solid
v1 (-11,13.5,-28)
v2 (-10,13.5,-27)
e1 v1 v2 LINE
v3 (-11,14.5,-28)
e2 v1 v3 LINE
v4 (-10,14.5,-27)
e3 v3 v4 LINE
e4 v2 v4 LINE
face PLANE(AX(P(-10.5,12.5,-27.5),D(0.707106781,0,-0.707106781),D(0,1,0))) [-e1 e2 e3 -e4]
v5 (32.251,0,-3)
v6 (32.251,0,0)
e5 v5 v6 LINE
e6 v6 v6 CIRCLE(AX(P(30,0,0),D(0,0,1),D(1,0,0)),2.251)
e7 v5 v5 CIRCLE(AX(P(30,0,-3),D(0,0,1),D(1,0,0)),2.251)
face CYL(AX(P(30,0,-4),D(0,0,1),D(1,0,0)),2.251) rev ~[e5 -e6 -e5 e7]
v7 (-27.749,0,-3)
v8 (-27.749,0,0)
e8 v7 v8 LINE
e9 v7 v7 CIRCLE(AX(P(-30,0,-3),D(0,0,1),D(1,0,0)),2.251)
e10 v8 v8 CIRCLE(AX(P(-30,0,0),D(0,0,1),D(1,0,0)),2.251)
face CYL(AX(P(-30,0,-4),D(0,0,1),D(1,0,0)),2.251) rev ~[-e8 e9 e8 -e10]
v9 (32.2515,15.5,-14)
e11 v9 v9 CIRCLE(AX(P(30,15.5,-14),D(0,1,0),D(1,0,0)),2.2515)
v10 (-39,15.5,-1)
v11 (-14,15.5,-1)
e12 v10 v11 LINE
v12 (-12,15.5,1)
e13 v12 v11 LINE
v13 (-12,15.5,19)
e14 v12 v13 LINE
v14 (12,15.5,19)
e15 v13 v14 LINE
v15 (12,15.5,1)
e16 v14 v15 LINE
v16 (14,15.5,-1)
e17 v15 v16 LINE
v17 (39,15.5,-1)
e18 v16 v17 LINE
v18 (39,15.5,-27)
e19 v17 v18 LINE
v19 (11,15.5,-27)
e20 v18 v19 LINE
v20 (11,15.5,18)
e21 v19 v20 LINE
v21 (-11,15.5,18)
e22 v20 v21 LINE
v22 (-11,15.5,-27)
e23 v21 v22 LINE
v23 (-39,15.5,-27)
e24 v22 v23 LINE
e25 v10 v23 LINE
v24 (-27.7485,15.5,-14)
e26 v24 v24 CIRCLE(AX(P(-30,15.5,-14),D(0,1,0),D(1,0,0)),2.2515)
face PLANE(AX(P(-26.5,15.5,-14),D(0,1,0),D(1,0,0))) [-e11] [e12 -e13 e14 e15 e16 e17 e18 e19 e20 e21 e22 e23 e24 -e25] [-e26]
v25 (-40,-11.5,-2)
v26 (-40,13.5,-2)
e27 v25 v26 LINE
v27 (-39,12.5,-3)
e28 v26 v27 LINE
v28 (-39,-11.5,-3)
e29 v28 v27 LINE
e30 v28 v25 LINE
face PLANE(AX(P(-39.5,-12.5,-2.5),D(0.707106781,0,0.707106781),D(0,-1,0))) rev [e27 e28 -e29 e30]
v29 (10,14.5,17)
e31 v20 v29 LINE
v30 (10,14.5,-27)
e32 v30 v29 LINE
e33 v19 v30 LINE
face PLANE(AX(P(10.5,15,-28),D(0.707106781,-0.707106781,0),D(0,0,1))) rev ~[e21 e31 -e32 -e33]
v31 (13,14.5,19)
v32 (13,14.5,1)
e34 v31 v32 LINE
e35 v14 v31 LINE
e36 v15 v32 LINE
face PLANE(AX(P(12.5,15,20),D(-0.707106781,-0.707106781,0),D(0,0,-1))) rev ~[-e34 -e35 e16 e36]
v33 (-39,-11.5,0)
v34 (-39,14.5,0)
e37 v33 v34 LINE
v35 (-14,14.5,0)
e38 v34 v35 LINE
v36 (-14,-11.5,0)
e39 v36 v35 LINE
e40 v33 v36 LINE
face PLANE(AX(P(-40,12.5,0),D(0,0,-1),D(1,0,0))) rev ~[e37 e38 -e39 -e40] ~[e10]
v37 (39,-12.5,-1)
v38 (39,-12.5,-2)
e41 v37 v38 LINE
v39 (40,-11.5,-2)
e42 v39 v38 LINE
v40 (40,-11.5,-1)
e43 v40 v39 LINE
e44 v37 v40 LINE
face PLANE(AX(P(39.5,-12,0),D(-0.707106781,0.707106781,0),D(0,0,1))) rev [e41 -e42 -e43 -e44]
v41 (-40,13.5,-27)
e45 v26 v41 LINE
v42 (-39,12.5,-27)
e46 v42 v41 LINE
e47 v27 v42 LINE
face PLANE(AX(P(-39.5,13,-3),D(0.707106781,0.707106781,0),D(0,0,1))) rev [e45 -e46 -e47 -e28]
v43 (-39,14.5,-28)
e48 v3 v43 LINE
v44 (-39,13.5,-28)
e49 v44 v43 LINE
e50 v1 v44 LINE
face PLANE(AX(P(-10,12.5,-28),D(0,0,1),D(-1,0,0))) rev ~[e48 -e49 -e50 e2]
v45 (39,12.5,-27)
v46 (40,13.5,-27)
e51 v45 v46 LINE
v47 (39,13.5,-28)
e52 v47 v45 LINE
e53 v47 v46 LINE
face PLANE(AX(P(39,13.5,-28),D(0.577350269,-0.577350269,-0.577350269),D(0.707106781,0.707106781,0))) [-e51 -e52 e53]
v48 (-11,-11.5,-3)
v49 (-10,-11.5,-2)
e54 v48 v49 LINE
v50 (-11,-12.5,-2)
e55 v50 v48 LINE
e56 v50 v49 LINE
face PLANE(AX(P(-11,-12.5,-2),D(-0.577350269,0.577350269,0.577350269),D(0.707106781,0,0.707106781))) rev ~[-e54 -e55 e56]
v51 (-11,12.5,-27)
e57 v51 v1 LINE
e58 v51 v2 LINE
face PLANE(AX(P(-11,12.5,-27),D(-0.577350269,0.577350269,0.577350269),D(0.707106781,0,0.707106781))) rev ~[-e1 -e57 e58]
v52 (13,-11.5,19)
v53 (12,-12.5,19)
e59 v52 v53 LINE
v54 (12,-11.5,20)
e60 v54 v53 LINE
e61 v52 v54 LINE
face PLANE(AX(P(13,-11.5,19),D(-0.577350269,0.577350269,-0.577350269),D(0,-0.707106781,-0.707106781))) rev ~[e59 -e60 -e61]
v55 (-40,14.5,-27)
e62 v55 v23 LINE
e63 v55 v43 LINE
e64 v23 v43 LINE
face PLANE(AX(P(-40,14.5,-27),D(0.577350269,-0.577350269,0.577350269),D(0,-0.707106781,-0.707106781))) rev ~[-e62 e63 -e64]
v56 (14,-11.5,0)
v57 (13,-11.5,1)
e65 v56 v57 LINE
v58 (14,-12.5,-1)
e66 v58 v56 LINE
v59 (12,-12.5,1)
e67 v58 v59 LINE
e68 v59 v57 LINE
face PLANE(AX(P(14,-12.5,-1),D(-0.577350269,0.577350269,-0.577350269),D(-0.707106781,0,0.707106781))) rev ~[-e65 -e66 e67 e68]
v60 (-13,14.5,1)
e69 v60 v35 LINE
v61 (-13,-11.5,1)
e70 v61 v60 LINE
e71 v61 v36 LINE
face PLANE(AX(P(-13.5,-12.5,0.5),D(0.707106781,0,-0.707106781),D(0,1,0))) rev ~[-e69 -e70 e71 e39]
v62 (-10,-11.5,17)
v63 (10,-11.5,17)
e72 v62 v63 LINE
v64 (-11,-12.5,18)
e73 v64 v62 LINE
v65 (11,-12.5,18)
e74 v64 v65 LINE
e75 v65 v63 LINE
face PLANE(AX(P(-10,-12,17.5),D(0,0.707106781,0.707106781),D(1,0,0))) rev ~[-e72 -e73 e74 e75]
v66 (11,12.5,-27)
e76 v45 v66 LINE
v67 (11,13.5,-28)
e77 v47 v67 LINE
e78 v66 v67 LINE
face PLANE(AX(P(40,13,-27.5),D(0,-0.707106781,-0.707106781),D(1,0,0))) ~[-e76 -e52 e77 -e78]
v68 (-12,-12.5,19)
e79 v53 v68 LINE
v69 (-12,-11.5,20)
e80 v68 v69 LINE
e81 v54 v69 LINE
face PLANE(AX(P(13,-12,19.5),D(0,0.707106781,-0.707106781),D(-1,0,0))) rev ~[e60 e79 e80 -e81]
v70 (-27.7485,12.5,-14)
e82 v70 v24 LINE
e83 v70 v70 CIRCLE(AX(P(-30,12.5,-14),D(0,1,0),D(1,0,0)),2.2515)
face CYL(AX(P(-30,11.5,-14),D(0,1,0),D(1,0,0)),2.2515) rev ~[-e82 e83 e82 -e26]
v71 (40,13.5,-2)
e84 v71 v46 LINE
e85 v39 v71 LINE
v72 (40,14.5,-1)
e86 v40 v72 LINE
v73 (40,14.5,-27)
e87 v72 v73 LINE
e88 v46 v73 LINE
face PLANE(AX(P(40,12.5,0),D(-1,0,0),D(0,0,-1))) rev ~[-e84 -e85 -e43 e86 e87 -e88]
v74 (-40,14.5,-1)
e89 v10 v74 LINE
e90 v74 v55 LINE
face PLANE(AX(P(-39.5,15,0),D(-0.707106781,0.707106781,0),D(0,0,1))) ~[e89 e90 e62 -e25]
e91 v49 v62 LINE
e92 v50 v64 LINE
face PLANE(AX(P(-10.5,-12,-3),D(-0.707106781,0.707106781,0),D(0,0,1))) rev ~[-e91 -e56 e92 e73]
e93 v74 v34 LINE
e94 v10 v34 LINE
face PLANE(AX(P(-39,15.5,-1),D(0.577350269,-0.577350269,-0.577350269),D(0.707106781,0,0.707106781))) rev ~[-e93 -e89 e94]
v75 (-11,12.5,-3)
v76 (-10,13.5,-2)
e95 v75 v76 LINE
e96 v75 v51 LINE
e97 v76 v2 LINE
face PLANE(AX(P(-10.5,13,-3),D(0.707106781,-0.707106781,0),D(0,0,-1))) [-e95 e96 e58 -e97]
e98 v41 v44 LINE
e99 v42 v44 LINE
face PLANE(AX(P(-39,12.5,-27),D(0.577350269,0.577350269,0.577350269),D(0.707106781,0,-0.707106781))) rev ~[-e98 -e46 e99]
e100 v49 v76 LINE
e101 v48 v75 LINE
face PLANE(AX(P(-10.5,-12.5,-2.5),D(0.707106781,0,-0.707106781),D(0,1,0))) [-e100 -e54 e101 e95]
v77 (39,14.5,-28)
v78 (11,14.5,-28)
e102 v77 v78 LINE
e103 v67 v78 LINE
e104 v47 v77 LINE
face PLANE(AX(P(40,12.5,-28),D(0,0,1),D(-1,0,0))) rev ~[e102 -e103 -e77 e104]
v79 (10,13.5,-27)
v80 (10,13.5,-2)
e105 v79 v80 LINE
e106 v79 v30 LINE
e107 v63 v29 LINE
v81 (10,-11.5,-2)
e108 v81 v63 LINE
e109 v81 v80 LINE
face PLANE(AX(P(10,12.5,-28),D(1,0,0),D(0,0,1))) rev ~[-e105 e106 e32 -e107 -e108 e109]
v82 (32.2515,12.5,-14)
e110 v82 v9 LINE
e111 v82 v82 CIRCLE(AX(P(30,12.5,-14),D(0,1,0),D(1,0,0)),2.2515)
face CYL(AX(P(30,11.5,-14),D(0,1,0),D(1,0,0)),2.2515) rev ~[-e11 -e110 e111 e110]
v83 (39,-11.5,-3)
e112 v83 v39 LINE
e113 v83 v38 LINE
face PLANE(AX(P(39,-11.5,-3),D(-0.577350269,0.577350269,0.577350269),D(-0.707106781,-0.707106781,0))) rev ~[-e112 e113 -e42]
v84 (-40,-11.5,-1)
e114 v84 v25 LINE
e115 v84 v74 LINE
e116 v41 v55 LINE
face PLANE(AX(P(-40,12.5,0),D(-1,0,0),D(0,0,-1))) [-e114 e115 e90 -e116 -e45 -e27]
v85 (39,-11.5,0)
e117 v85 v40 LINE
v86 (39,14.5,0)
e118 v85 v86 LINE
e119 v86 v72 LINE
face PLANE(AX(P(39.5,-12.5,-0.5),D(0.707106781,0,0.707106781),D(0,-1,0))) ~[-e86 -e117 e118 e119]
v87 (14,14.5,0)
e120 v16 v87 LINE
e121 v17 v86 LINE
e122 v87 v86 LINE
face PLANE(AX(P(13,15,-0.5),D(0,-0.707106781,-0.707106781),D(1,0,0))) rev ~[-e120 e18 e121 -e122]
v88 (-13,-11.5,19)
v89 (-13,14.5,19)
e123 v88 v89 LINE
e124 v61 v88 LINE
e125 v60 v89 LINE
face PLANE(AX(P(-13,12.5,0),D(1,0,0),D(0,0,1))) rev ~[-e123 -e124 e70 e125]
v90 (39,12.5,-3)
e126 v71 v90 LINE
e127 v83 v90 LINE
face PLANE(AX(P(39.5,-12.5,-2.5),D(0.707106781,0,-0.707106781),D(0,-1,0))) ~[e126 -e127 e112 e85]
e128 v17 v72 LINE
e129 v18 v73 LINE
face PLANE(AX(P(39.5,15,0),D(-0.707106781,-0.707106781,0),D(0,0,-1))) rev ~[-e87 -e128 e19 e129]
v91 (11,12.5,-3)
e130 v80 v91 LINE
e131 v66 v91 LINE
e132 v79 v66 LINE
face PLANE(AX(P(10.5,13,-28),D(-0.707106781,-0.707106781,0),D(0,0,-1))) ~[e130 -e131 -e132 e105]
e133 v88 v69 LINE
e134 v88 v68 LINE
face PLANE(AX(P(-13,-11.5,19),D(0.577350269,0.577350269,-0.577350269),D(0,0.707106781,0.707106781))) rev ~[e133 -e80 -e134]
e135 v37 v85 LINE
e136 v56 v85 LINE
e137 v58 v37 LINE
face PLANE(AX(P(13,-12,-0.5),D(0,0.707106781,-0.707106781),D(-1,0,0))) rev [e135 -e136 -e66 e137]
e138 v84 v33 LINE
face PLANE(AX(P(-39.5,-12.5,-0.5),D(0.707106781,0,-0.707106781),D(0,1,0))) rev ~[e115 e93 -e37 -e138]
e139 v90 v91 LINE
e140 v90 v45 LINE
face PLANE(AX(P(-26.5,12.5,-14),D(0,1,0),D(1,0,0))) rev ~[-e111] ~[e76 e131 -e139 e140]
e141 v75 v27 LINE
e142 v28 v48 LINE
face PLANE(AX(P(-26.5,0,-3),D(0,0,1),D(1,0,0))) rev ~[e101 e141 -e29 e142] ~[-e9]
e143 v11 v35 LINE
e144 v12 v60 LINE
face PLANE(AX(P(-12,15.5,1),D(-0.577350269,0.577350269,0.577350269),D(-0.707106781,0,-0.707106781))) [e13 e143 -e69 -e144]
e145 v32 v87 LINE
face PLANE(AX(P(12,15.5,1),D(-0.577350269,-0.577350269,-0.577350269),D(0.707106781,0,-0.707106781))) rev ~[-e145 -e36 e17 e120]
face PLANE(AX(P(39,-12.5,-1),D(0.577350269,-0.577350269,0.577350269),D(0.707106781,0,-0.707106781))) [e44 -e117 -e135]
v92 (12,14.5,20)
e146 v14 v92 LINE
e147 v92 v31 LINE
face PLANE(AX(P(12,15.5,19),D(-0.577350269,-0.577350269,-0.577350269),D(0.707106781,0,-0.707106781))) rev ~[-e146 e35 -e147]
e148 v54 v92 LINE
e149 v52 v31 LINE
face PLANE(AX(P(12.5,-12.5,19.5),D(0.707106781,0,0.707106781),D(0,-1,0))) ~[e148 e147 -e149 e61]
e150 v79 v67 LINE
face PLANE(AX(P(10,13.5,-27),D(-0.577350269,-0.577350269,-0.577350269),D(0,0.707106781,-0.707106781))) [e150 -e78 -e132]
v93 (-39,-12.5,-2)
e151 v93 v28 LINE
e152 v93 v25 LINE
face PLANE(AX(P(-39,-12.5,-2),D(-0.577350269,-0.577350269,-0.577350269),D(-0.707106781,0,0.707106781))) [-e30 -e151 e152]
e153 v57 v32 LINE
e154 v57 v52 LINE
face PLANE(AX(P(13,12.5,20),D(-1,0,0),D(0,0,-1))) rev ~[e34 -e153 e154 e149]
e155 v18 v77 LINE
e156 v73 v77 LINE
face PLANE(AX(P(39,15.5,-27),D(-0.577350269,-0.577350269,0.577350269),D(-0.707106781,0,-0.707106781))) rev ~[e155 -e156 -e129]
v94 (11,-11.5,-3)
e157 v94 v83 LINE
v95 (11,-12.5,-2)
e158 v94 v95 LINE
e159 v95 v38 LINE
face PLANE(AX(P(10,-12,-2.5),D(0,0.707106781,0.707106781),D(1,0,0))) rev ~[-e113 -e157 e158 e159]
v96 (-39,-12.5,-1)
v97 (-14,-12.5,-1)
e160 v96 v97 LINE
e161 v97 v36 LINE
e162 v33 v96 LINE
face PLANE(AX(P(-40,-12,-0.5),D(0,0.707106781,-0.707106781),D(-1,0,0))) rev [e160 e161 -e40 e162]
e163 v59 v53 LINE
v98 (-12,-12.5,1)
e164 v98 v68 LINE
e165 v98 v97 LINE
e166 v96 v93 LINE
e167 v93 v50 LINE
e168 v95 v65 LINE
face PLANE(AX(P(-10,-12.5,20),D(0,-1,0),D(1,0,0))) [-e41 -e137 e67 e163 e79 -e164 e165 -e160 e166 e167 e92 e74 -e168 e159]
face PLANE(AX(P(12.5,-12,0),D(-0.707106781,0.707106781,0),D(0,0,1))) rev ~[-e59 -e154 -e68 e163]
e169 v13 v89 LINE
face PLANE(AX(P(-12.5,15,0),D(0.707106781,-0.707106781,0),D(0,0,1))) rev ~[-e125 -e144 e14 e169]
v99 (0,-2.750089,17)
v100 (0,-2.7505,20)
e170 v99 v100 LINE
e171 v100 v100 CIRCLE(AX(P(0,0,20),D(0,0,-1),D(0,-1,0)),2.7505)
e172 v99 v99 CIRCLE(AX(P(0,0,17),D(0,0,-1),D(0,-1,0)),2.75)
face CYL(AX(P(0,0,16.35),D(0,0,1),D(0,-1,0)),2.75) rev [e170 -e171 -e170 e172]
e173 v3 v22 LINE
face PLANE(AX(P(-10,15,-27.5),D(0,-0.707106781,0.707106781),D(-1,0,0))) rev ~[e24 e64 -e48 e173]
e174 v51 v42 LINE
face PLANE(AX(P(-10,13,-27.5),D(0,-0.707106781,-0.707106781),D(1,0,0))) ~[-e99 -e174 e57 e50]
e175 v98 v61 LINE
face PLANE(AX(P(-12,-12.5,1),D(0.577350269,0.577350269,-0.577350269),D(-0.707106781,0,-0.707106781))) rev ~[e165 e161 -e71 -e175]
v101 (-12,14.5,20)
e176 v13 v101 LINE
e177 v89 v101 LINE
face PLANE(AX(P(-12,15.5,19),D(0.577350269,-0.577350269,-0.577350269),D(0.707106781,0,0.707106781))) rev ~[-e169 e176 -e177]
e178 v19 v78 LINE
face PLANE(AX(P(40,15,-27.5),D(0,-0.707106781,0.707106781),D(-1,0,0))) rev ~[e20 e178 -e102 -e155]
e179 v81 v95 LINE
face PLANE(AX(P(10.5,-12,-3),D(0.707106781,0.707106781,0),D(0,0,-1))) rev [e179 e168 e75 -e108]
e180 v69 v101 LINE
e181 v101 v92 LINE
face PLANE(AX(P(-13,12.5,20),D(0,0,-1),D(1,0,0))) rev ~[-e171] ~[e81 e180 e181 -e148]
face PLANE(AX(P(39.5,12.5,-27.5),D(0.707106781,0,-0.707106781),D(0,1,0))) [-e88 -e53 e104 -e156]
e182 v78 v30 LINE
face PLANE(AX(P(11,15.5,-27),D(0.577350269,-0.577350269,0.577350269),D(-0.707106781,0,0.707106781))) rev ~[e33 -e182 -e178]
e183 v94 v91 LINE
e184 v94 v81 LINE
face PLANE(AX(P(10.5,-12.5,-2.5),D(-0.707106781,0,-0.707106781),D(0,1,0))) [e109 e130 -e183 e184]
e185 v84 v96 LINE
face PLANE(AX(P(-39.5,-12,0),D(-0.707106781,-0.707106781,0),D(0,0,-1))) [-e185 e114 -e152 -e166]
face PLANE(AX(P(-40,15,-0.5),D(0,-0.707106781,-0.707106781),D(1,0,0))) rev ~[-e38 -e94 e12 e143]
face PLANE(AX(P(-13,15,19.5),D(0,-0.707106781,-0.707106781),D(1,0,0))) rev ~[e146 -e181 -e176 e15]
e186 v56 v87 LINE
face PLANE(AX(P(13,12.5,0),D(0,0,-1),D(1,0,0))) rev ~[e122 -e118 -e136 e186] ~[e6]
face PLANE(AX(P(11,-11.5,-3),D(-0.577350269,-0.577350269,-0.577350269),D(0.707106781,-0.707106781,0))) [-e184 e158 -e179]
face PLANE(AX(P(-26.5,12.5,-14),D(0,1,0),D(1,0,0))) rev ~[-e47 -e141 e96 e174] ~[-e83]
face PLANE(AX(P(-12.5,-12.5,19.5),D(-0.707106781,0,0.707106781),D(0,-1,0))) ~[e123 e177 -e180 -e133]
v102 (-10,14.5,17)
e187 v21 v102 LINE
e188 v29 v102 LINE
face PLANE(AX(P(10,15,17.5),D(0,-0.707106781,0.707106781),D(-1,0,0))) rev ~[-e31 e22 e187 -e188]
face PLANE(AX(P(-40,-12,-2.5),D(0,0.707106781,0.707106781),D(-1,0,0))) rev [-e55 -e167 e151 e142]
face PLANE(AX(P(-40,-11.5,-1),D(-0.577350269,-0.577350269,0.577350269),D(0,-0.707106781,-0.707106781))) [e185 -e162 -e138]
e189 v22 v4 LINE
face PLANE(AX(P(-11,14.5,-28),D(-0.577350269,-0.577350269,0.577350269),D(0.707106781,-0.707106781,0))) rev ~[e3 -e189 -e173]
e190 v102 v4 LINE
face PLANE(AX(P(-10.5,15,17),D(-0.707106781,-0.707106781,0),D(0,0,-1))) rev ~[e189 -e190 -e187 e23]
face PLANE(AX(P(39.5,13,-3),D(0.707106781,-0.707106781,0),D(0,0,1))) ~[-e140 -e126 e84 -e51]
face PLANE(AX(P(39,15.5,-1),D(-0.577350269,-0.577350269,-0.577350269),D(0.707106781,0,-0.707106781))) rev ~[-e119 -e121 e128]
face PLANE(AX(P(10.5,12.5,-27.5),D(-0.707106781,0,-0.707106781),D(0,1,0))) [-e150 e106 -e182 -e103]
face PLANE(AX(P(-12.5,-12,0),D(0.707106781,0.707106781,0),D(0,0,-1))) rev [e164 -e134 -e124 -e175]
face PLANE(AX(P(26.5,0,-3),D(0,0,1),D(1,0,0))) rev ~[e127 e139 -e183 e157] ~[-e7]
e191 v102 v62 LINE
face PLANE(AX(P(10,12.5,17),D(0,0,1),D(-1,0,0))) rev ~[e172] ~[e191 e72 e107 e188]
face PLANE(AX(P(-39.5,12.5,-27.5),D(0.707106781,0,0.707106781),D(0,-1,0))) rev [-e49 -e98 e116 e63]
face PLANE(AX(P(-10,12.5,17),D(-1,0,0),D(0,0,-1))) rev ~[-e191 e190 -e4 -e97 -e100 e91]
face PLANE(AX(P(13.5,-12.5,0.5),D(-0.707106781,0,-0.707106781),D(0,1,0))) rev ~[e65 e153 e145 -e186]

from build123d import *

# Parameters (mm, degrees)
SKETCH2_W                      = 27
SKETCH2_H                      = 25
SKETCH2_W_2                    = 3
BOSS_EXTRUDE1_DEPTH            = 3
SKETCH2_3_W                    = 3
SKETCH2_3_H                    = 25
BOSS_EXTRUDE2_DEPTH            = 20
BOSS_EXTRUDE3_START            = 20
SKETCH2_4_W                    = 20
SKETCH2_4_H                    = 25
BOSS_EXTRUDE3_DEPTH            = 3
BOSS_EXTRUDE4_START            = 12.5
SKETCH3_W                      = 27
SKETCH3_H                      = 28
BOSS_EXTRUDE4_DEPTH            = 3
CBORE_FOR_M4_SHCS1_D           = 4.5
CBORE_FOR_M4_SHCS1_DEPTH       = 10
CBORE_FOR_M4_SHCS1_CBORE_D     = 4.502
CBORE_FOR_M4_SHCS1_CBORE_DEPTH = 4
CBORE_FOR_M4_SHCS1_TIP         = 1.351936393
CBORE_FOR_M4_SHCS2_D           = 4.5
CBORE_FOR_M4_SHCS2_DEPTH       = 10
CBORE_FOR_M4_SHCS2_CBORE_D     = 4.503
CBORE_FOR_M4_SHCS2_CBORE_DEPTH = 4
CBORE_FOR_M4_SHCS2_TIP         = 1.351936393
CHAMFER1_SIZE                  = 1


with BuildPart() as part:
    # Sketch2 → Boss-Extrude1 (new body)
    with BuildSketch(Plane.XY):
        with Locations((-26.5, 0)):
            Rectangle(SKETCH2_W, SKETCH2_H)
        with Locations((26.5, 0)):
            Rectangle(SKETCH2_W, SKETCH2_H)
        with Locations((-11.5, 0)):
            Rectangle(SKETCH2_W_2, SKETCH2_H)
        with Locations((11.5, 0)):
            Rectangle(SKETCH2_W_2, SKETCH2_H)
    extrude(amount=-BOSS_EXTRUDE1_DEPTH)

    # Sketch2<3> → Boss-Extrude2 (add)
    with BuildSketch(Plane.XY):
        with Locations((-11.5, 0)):
            Rectangle(SKETCH2_3_W, SKETCH2_3_H)
        with Locations((11.5, 0)):
            Rectangle(SKETCH2_3_W, SKETCH2_3_H)
    extrude(amount=BOSS_EXTRUDE2_DEPTH)

    # Sketch2<4> → Boss-Extrude3 (add)
    with BuildSketch(Plane.XY.offset(BOSS_EXTRUDE3_START)):
        Rectangle(SKETCH2_4_W, SKETCH2_4_H)
    extrude(amount=-BOSS_EXTRUDE3_DEPTH)

    # Sketch3 → Boss-Extrude4 (add)
    with BuildSketch(Plane(origin=(0, 0, 0), x_dir=(1, 0, 0), z_dir=(0, 1, 0)).offset(BOSS_EXTRUDE4_START)):
        with Locations((-26.5, 14)):
            Rectangle(SKETCH3_W, SKETCH3_H)
        Polygon((-13, 28), (-13, 0), (-10, 0), (-10, 3), (-10, 28), align=None)
        Polygon((-10, 0), (-13, 0), (-13, -20), (13, -20), (13, 0), (10, 0), (10, -17), (-10, -17), align=None)
        with Locations((26.5, 14)):
            Rectangle(SKETCH3_W, SKETCH3_H)
        Polygon((10, 0), (13, 0), (13, 28), (10, 28), (10, 3), align=None)
    extrude(amount=BOSS_EXTRUDE4_DEPTH)

    # Sketch6 → CBORE for M5 Hex Head Cap Screw1 (revolve, cut)
    with BuildSketch(Plane(origin=(0, 0, 20), x_dir=(0, -1, 0), z_dir=(1, 0, 0))):
        Polygon((0, 0), (0, 4.652366702), (2.75, 3), (2.75, 3.65), (2.7505, 0), align=None)
    revolve(axis=Axis((0, 0, 26.35), (0, 0, -1)), mode=Mode.SUBTRACT)

    # CBORE for M4 SHCS1
    with Locations(Plane.XY):
        with Locations((30, 0), (-30, 0)):
            CounterBoreHole(CBORE_FOR_M4_SHCS1_D / 2, CBORE_FOR_M4_SHCS1_CBORE_D / 2, CBORE_FOR_M4_SHCS1_CBORE_DEPTH, depth=CBORE_FOR_M4_SHCS1_DEPTH)
            with Locations((0, 0, -(CBORE_FOR_M4_SHCS1_DEPTH + CBORE_FOR_M4_SHCS1_TIP / 2))):  # 118° drill point
                Cone(0, CBORE_FOR_M4_SHCS1_D / 2, CBORE_FOR_M4_SHCS1_TIP, mode=Mode.SUBTRACT)

    # CBORE for M4 SHCS2
    with Locations(Plane(origin=(0, 15.5, 0), x_dir=(1, 0, 0), z_dir=(0, 1, 0))):
        with Locations((30, 14), (-30, 14)):
            CounterBoreHole(CBORE_FOR_M4_SHCS2_D / 2, CBORE_FOR_M4_SHCS2_CBORE_D / 2, CBORE_FOR_M4_SHCS2_CBORE_DEPTH, depth=CBORE_FOR_M4_SHCS2_DEPTH)
            with Locations((0, 0, -(CBORE_FOR_M4_SHCS2_DEPTH + CBORE_FOR_M4_SHCS2_TIP / 2))):  # 118° drill point
                Cone(0, CBORE_FOR_M4_SHCS2_D / 2, CBORE_FOR_M4_SHCS2_TIP, mode=Mode.SUBTRACT)

    # Chamfer1
    chamfer1_edges = [part.edges().sort_by_distance(p)[0] for p in [
        (-10, 0, -3),
        (-26.5, -12.5, 0),
        (-13, 1.5, 0),
        (0, -12.5, 20),
        (-13, -12.5, 10),
        (-13, 1.5, 20),
        (-40, 0, -3),
        (0, -12.5, 17),
        (13, 1.5, 0),
        (40, 1.5, 0),
        (26.5, -12.5, 0),
        (40, -12.5, -1.5),
        (10, -12.5, 7),
        (10, 0, -3),
        (40, 0, -3),
        (25, -12.5, -3),
        (13, 1.5, 20),
        (13, -12.5, 10),
        (-25, -12.5, -3),
        (-13, 15.5, 10),
        (40, 12.5, -15.5),
        (25, 12.5, -28),
        (-40, 1.5, 0),
        (40, 14, -28),
        (10, 12.5, -15.5),
        (10, 14, -28),
        (-10, 15.5, -5.5),
        (-25, 15.5, -28),
        (-10, 14, -28),
        (-40, 15.5, -14),
        (-40, 14, -28),
        (-26.5, 15.5, 0),
        (0, 15.5, 20),
        (13, 15.5, 10),
        (26.5, 15.5, 0),
        (40, 15.5, -14),
        (25, 15.5, -28),
        (10, 15.5, -5.5),
        (0, 15.5, 17),
        (-40, 12.5, -15.5),
        (-25, 12.5, -28),
        (-10, 12.5, -15.5),
        (-40, -12.5, -1.5),
        (-10, -12.5, 7),
    ]]
    chamfer(chamfer1_edges, length=CHAMFER1_SIZE)


solid = part.part
